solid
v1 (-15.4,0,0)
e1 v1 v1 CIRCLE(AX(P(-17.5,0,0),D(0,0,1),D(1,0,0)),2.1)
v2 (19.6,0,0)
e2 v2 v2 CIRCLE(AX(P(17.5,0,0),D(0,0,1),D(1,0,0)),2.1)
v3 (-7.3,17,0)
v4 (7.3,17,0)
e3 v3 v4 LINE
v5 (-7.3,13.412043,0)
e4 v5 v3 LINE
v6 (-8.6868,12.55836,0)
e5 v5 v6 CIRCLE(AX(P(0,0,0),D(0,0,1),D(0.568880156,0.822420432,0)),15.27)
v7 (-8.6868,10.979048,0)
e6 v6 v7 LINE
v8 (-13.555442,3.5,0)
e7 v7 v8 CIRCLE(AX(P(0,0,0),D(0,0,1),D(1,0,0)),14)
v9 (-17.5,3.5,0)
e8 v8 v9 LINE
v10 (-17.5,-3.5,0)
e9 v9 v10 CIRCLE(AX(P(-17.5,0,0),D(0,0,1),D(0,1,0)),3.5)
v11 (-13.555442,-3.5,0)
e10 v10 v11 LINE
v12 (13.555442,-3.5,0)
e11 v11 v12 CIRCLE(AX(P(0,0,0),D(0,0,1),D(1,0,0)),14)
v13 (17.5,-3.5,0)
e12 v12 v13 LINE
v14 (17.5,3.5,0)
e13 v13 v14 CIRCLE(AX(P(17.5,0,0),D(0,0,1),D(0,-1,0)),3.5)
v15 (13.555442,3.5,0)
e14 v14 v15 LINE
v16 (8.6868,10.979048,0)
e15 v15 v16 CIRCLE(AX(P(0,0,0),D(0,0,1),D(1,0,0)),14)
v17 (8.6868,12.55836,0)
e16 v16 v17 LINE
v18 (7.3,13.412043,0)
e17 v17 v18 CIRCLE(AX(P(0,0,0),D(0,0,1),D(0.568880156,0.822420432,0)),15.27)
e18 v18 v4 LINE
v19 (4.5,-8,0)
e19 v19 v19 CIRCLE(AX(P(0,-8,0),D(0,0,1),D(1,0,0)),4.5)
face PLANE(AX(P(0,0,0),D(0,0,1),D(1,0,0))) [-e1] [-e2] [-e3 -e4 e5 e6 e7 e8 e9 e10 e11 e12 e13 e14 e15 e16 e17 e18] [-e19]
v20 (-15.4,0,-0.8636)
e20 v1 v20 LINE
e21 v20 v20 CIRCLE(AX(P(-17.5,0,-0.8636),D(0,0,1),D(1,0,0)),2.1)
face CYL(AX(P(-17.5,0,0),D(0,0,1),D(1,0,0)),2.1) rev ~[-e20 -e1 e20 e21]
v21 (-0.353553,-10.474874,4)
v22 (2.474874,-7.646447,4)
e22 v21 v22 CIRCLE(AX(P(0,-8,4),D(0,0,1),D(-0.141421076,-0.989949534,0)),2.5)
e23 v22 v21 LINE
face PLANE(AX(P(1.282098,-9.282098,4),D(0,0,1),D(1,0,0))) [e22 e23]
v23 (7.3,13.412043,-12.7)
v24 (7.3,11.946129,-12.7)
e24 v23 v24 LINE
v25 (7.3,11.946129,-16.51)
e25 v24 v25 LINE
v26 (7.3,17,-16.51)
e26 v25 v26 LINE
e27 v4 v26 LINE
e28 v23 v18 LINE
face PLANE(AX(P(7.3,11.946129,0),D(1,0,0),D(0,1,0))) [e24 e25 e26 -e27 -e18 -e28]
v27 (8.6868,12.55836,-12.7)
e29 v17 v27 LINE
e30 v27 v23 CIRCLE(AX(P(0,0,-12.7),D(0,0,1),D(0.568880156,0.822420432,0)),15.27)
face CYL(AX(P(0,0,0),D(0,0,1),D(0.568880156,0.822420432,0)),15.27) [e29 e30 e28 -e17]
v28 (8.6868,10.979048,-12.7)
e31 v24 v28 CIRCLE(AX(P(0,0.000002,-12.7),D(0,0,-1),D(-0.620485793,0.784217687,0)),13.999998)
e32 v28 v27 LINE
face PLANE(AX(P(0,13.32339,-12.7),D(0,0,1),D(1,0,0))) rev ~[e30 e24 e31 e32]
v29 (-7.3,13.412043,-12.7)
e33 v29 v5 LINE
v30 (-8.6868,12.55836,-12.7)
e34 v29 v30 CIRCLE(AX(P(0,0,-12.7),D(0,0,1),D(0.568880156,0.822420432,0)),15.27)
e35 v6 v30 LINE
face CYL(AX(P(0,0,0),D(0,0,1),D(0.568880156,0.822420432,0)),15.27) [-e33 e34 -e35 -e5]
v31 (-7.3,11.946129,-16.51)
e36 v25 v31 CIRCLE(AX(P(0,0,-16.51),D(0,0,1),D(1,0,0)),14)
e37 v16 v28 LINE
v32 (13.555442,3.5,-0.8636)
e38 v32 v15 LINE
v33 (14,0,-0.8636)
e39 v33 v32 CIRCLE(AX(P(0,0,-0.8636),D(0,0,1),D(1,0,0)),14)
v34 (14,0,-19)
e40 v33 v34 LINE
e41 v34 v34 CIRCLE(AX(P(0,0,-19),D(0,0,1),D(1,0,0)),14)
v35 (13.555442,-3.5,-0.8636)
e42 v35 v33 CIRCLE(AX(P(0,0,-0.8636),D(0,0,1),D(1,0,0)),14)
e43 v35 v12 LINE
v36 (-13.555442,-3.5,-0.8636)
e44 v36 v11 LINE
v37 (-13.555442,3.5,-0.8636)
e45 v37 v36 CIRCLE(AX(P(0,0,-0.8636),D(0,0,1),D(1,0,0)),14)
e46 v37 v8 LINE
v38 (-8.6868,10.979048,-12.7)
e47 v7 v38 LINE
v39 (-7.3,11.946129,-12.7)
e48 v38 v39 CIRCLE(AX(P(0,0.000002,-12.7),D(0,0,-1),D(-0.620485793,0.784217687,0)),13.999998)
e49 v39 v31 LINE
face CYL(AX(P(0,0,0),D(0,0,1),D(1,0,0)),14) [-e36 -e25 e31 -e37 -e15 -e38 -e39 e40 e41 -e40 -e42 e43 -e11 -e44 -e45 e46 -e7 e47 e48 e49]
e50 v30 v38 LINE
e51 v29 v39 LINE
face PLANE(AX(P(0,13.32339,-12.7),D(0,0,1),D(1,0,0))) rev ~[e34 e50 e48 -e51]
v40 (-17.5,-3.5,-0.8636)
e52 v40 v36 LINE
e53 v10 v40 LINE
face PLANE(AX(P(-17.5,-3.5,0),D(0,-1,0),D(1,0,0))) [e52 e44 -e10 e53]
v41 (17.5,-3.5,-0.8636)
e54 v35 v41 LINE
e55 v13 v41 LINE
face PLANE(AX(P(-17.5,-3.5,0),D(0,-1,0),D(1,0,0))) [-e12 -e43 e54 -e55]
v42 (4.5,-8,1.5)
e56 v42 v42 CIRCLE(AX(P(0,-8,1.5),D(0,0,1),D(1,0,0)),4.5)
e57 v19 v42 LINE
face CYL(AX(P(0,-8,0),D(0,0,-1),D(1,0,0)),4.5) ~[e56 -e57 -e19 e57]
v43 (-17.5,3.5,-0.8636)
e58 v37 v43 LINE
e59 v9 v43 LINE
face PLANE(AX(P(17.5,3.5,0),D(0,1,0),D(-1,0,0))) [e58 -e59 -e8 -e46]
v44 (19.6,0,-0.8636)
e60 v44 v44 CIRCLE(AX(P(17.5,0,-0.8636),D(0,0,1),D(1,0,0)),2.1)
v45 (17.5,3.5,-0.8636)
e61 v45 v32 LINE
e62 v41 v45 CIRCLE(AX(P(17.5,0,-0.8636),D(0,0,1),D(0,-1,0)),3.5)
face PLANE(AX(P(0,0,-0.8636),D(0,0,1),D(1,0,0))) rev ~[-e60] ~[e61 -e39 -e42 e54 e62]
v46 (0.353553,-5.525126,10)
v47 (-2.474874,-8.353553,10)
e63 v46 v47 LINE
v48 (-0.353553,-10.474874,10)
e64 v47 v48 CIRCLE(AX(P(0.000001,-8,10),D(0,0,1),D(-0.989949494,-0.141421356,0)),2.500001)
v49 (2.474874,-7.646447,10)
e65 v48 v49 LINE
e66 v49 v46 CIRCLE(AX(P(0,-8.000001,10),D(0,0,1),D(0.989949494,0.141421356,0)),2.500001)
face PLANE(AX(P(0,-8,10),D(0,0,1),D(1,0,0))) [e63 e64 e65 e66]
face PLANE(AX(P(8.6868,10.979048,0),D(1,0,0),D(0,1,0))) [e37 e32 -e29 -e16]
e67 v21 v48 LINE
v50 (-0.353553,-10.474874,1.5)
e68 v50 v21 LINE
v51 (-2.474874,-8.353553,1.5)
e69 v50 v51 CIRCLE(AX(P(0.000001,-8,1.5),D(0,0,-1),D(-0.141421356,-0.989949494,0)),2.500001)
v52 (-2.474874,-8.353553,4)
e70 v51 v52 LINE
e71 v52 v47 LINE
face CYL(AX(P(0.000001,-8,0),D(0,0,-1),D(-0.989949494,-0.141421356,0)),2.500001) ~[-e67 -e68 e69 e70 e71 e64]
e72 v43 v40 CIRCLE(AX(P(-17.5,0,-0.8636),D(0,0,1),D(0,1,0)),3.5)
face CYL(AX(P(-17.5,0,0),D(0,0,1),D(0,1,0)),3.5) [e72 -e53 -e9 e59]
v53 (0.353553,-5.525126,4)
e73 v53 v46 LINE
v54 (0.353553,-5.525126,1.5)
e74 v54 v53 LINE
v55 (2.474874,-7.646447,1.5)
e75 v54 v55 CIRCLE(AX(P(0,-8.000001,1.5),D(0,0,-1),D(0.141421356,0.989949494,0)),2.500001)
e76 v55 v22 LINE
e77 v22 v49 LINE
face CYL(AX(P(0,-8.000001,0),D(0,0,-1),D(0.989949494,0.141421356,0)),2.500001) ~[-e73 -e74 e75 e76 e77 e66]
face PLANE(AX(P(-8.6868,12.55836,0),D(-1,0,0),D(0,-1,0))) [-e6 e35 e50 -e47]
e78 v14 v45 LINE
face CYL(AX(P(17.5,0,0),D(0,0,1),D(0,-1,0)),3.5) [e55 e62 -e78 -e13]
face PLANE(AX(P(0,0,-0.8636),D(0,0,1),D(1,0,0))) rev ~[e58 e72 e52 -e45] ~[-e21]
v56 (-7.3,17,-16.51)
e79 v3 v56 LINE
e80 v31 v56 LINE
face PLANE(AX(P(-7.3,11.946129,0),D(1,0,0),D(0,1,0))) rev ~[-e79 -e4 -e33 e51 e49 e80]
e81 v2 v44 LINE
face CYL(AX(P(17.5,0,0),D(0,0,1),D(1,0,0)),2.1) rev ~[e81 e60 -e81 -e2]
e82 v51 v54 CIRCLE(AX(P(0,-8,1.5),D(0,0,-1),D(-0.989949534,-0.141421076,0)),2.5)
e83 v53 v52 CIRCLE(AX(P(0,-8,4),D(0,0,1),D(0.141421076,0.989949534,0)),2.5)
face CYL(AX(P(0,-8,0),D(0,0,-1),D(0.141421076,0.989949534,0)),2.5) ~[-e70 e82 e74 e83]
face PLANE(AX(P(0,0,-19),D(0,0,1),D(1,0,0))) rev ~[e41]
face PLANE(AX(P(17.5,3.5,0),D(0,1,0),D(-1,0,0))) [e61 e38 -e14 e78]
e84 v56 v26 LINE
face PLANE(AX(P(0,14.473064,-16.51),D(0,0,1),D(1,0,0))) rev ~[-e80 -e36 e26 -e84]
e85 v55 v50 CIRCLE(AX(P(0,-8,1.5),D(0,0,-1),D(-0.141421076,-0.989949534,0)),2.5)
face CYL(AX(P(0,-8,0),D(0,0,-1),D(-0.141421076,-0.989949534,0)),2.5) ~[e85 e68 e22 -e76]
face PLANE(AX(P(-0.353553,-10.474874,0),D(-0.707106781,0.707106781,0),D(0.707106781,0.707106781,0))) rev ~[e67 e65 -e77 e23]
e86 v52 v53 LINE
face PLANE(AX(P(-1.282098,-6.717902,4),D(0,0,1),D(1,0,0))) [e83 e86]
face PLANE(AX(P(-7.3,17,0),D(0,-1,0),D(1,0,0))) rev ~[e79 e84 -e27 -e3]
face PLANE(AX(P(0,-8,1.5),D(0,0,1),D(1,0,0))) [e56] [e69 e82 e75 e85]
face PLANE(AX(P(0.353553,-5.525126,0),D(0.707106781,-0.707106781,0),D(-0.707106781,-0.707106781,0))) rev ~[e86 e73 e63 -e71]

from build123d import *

# Parameters (mm, degrees)
F0_R      = 14
F5_DEPTH  = 19
F2_W      = 14.6
F2_H      = 5.053871
F6_DEPTH  = 16.51
F7_DEPTH  = 12.7
F3_R      = 2.1
F8_DEPTH  = 0.8636
F9_DEPTH  = 10
F10_DEPTH = 4
F4_R      = 4.5
F11_DEPTH = 1.5


with BuildPart() as f5:
    # F0 (on Top) → F5 (new body)
    with BuildSketch(Plane.XY):
        Circle(F0_R)
    extrude(amount=-F5_DEPTH)

    # F2 (on Top) → F6 (join)
    with BuildSketch(Plane.XY):
        with Locations((0, 14.473064)):
            Rectangle(F2_W, F2_H)
    extrude(amount=-F6_DEPTH)

    # F1 (on Top) → F7 (join)
    with BuildSketch(Plane.XY):
        with BuildLine():
            ThreePointArc((-8.6868, 10.979048), (0, 14), (8.6868, 10.979048))
            Line((8.6868, 10.979048), (8.6868, 12.55836))
            ThreePointArc((8.6868, 12.55836), (0, 15.27), (-8.6868, 12.55836))
            Line((-8.6868, 12.55836), (-8.6868, 10.979048))
        make_face()
    extrude(amount=-F7_DEPTH)

    # F3 (on Top) → F8 (join)
    with BuildSketch(Plane.XY):
        with BuildLine():
            Line((17.5, 3.5), (-17.5, 3.5))
            ThreePointArc((-17.5, 3.5), (-21, 0), (-17.5, -3.5))
            Line((-17.5, -3.5), (17.5, -3.5))
            ThreePointArc((17.5, -3.5), (21, 0), (17.5, 3.5))
        make_face()
        with Locations((-17.5, 0)):
            Circle(F3_R, mode=Mode.SUBTRACT)
        with Locations((17.5, 0)):
            Circle(F3_R, mode=Mode.SUBTRACT)
    extrude(amount=-F8_DEPTH)

    # F4 (on Top) → F9 (join)
    with BuildSketch(Plane.XY):
        Polygon((0.353553, -5.525126), (-2.474874, -8.353553), (-0.353553, -10.474874), (2.474874, -7.646447), align=None)
        with BuildLine():
            Line((-0.353553, -10.474874), (-2.474874, -8.353553))
            ThreePointArc((-2.474874, -8.353553), (-1.767767, -9.767767), (-0.353553, -10.474874))
        make_face()
        with BuildLine():
            ThreePointArc((2.474874, -7.646447), (1.767767, -6.232233), (0.353553, -5.525126))
            Line((0.353553, -5.525126), (2.474874, -7.646447))
        make_face()
    extrude(amount=F9_DEPTH)

    # F4 (on Top) → F10 (join)
    with BuildSketch(Plane.XY):
        with BuildLine():
            Line((2.474874, -7.646447), (-0.353553, -10.474874))
            ThreePointArc((-0.353553, -10.474874), (1.767767, -9.767767), (2.474874, -7.646447))
        make_face()
        with BuildLine():
            ThreePointArc((0.353553, -5.525126), (-1.767767, -6.232233), (-2.474874, -8.353553))
            Line((-2.474874, -8.353553), (0.353553, -5.525126))
        make_face()
    extrude(amount=F10_DEPTH)

    # F4 (on Top) → F11 (join)
    with BuildSketch(Plane.XY):
        with Locations((0, -8)):
            Circle(F4_R)
        with BuildLine():
            ThreePointArc((-0.353553, -10.474874), (-1.767767, -9.767767), (-2.474874, -8.353553))
            ThreePointArc((-2.474874, -8.353553), (-1.767767, -6.232233), (0.353553, -5.525126))
            ThreePointArc((0.353553, -5.525126), (1.767767, -6.232233), (2.474874, -7.646447))
            ThreePointArc((2.474874, -7.646447), (1.767767, -9.767767), (-0.353553, -10.474874))
        make_face(mode=Mode.SUBTRACT)
        with BuildLine():
            Line((2.474874, -7.646447), (-0.353553, -10.474874))
            ThreePointArc((-0.353553, -10.474874), (1.767767, -9.767767), (2.474874, -7.646447))
        make_face()
    extrude(amount=F11_DEPTH)


solid = f5.part
